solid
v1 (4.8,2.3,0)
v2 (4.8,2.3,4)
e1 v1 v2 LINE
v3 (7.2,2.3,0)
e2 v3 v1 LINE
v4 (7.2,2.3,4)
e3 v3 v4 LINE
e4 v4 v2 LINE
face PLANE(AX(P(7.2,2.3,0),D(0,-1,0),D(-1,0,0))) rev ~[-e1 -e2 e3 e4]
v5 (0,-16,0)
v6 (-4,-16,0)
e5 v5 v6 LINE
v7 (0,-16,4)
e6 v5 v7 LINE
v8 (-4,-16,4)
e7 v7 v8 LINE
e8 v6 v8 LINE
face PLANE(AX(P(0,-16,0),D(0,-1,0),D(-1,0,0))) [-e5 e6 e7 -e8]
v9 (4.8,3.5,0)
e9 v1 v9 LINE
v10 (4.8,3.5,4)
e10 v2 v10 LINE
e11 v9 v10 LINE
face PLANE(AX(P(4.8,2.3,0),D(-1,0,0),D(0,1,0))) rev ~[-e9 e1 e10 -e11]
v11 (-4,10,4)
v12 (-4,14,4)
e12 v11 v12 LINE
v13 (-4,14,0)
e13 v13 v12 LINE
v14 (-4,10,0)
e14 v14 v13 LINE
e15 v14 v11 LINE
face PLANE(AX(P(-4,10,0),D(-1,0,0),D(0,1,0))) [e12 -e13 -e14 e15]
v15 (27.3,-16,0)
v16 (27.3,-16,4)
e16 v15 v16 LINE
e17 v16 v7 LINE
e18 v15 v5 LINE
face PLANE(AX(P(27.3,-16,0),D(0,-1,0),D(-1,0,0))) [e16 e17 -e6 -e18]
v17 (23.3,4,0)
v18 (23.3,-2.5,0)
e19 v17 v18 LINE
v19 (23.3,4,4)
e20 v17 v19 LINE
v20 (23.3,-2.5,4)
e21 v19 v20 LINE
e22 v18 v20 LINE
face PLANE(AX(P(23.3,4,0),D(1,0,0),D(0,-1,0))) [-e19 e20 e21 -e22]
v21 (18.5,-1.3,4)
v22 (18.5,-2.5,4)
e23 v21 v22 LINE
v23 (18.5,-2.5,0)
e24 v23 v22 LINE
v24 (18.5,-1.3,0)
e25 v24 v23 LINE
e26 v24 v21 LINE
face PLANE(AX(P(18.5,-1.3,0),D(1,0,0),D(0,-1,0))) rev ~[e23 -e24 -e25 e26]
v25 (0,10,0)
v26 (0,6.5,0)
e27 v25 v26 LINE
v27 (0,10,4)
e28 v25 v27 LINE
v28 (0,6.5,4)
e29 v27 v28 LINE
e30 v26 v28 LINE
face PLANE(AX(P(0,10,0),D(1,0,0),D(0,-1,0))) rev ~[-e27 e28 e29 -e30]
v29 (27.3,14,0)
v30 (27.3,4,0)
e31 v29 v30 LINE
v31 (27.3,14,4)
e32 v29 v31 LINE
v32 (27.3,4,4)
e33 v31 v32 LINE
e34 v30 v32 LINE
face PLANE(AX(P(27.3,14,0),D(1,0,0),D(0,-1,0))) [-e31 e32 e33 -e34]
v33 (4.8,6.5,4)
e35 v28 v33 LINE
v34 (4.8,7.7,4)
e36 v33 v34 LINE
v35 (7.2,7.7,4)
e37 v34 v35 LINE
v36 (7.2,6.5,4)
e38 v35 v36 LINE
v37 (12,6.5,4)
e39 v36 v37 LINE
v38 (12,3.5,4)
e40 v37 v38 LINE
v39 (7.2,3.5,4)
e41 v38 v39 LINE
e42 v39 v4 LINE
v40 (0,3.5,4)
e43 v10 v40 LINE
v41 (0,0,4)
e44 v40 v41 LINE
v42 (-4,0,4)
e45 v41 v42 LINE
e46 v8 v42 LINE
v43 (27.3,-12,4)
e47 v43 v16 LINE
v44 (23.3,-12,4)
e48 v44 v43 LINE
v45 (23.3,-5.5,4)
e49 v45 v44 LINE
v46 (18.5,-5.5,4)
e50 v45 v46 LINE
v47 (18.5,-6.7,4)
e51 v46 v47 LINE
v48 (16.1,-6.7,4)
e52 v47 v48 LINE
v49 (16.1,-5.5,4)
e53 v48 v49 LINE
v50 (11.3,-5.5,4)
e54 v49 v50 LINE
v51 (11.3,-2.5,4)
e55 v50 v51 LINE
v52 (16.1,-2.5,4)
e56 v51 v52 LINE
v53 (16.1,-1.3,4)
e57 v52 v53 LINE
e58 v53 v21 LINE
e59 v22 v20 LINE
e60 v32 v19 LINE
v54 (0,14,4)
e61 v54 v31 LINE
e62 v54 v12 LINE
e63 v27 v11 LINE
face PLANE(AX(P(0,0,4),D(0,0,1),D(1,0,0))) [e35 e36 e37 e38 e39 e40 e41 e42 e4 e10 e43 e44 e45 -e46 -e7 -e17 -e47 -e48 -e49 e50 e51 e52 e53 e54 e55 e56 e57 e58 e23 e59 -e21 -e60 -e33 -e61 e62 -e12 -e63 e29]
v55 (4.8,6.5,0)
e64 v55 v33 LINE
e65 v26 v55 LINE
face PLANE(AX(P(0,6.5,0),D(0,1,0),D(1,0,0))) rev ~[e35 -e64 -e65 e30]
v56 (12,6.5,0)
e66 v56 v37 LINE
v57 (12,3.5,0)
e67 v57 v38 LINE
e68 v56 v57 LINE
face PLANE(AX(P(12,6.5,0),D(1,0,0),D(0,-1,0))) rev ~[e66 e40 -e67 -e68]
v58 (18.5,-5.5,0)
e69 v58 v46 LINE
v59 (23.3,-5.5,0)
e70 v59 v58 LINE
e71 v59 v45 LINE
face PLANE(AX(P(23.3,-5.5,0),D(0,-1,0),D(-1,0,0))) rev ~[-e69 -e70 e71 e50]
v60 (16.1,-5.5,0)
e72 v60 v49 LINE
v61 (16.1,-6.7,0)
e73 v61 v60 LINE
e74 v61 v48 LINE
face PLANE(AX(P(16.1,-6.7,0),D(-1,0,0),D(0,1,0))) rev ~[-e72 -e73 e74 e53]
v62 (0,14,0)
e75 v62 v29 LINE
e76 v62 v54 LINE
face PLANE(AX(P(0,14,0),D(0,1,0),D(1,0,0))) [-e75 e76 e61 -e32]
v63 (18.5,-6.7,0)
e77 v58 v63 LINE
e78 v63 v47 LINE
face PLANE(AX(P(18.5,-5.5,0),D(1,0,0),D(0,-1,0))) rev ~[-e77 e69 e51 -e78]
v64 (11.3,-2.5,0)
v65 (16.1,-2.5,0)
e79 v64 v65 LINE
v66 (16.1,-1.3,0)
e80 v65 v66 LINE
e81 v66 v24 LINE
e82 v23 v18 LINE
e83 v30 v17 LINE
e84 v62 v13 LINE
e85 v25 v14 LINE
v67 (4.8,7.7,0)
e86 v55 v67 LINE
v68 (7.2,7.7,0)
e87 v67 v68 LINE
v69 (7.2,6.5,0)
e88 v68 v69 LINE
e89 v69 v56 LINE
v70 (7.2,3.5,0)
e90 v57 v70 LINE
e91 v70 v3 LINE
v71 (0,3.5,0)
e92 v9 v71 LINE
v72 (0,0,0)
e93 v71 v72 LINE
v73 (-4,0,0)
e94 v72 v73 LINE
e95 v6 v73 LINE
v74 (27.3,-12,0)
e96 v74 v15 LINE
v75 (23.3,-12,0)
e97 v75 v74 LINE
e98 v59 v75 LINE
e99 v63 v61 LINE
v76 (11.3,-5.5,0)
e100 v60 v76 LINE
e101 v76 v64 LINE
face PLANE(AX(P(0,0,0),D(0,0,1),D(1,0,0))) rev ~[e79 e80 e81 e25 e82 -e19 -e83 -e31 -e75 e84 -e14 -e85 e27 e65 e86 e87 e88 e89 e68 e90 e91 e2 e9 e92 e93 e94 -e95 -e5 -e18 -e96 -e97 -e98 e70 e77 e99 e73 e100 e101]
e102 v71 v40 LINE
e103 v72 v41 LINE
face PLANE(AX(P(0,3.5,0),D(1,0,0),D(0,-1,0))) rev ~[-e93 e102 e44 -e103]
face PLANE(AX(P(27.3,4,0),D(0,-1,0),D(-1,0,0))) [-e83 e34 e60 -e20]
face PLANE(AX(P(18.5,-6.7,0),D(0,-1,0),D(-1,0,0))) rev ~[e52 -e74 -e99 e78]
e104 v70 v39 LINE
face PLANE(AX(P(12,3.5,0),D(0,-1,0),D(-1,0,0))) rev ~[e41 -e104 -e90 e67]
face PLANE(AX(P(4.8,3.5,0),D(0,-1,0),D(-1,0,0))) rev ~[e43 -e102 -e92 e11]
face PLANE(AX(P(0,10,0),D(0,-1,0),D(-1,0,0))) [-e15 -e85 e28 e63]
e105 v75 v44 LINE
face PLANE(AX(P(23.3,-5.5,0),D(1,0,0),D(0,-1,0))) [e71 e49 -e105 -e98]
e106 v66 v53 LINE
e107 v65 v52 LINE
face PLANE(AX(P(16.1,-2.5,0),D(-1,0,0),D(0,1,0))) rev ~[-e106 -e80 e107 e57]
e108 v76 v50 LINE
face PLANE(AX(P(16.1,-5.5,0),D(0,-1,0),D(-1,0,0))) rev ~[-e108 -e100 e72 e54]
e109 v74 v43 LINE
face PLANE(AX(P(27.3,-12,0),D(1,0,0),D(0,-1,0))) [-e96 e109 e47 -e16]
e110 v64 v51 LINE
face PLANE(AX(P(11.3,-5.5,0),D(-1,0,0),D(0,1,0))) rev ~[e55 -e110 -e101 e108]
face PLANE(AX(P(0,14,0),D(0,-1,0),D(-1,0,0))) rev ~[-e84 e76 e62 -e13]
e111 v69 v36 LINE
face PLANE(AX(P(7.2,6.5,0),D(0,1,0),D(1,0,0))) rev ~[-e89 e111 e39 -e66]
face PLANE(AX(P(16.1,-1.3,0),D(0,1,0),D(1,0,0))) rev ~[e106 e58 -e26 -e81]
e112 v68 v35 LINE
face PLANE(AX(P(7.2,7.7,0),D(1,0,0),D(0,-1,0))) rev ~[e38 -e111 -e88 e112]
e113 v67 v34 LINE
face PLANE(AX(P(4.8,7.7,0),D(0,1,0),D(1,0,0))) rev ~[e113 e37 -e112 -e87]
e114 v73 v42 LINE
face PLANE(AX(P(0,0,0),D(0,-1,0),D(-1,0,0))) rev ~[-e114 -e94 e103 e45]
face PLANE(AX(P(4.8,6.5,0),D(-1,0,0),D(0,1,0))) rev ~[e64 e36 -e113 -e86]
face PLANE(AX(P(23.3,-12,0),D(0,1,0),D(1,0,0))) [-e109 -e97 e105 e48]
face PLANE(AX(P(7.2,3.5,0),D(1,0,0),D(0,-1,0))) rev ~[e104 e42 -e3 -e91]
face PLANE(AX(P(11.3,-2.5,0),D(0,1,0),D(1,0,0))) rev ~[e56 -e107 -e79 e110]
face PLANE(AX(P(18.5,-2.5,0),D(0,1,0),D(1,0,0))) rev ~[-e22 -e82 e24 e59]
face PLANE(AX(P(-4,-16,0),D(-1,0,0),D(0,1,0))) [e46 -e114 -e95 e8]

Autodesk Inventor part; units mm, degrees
ref_plane "YZ Plane" through (0, 0, 0) normal (1, 0, 0) x (0, 1, 0)
ref_plane "XZ Plane" through (0, 0, 0) normal (0, 1, 0) x (-1, 0, 0)
ref_plane "XY Plane" through (0, 0, 0) normal (0, 0, 1) x (1, 0, 0)
sketch "Sketch1" plane through (0, 0, 0) normal (0, 0, 1) x (1, 0, 0)
  line L0 (-4, 10) -> (-4, 14) projected
  line L1 (0, 10) -> (-4, 10) projected
  line L2 (0, 14) -> (0, 10) construction
  line L3 (0, 14) -> (-4, 14) projected
  line L4 (-4, -16) -> (-4, 0) projected
  line L5 (0, -16) -> (-4, -16) projected
  line L6 (0, 0) -> (0, -16) construction
  line L7 (0, 0) -> (-4, 0) projected
  line L8 (0, 6.5) -> (0, 3.5) projected
  line L9 (0, 6.5) -> (12, 6.5)
  line L10 (12, 6.5) -> (12, 3.5)
  line L11 (12, 3.5) -> (0, 3.5)
  line L12 (0, 3.5) -> (0, 6.5)
  line L13 (0, 10) -> (0, 6.5)
  line L14 (0, 3.5) -> (0, 0)
  line L15 (4.8, 7.7) -> (7.2, 7.7)
  line L16 (7.2, 7.7) -> (7.2, 2.3)
  line L17 (7.2, 2.3) -> (4.8, 2.3)
  line L18 (4.8, 2.3) -> (4.8, 7.7)
  line L19 (11.3, -2.5) -> (23.3, -2.5)
  line L20 (23.3, -2.5) -> (23.3, -5.5)
  line L21 (23.3, -5.5) -> (11.3, -5.5)
  line L22 (11.3, -5.5) -> (11.3, -2.5)
  line L23 (16.1, -1.3) -> (18.5, -1.3)
  line L24 (18.5, -1.3) -> (18.5, -6.7)
  line L25 (18.5, -6.7) -> (16.1, -6.7)
  line L26 (16.1, -6.7) -> (16.1, -1.3)
  line L27 (0, 14) -> (27.3, 14)
  line L28 (27.3, 14) -> (27.3, 4)
  line L29 (27.3, 4) -> (23.3, 4)
  line L30 (23.3, 4) -> (23.3, -12)
  line L31 (23.3, -12) -> (27.3, -12)
  line L32 (27.3, -12) -> (27.3, -16)
  line L33 (27.3, -16) -> (0, -16)
  point P0 (7.2, 5)
  point P1 (12, 5)
  point P2 (6, 7.7)
  point P3 (6, 6.5)
  point P4 (16.1, -4)
  point P5 (11.3, -4)
  point P6 (17.3, -1.3)
  point P7 (17.3, -2.5)
  point P8 (23.3, -4)
  point P9 (23.3, -4)
  point P10 (4.8, 6.5)
  point P11 (7.2, 6.5)
  point P12 (7.2, 3.5)
  point P13 (4.8, 3.5)
  point P14 (18.5, -5.5)
  point P15 (16.1, -5.5)
  point P16 (16.1, -2.5)
  point P17 (18.5, -2.5)
  dimension "d0" = 12
  dimension "d1" = 3
  dimension "d2" = 5.4
  dimension "d3" = 2.4
  dimension "d4" = 12
  dimension "d5" = 3
  dimension "d6" = 2.4
  dimension "d7" = 5.4
  dimension "d8" = 4
  dimension "d10" = 10
  dimension "d11" = 23.3
  dimension "d12" = 4
extrude "Extrusion1" add sketch "Sketch1" along normal blind 4 contours L0 L3 L27 L28 L29 L30 L19 L24 L23 L26 L22 L21 L25 L31 L32 L33 L5 L4 L7 L14 L11 L18 L17 L16 L10 L9 L15 L13 L1
properties part number "Door_LimitSwitch_Holder_Side_1" material "MDF Medium Density Fiberboard"
